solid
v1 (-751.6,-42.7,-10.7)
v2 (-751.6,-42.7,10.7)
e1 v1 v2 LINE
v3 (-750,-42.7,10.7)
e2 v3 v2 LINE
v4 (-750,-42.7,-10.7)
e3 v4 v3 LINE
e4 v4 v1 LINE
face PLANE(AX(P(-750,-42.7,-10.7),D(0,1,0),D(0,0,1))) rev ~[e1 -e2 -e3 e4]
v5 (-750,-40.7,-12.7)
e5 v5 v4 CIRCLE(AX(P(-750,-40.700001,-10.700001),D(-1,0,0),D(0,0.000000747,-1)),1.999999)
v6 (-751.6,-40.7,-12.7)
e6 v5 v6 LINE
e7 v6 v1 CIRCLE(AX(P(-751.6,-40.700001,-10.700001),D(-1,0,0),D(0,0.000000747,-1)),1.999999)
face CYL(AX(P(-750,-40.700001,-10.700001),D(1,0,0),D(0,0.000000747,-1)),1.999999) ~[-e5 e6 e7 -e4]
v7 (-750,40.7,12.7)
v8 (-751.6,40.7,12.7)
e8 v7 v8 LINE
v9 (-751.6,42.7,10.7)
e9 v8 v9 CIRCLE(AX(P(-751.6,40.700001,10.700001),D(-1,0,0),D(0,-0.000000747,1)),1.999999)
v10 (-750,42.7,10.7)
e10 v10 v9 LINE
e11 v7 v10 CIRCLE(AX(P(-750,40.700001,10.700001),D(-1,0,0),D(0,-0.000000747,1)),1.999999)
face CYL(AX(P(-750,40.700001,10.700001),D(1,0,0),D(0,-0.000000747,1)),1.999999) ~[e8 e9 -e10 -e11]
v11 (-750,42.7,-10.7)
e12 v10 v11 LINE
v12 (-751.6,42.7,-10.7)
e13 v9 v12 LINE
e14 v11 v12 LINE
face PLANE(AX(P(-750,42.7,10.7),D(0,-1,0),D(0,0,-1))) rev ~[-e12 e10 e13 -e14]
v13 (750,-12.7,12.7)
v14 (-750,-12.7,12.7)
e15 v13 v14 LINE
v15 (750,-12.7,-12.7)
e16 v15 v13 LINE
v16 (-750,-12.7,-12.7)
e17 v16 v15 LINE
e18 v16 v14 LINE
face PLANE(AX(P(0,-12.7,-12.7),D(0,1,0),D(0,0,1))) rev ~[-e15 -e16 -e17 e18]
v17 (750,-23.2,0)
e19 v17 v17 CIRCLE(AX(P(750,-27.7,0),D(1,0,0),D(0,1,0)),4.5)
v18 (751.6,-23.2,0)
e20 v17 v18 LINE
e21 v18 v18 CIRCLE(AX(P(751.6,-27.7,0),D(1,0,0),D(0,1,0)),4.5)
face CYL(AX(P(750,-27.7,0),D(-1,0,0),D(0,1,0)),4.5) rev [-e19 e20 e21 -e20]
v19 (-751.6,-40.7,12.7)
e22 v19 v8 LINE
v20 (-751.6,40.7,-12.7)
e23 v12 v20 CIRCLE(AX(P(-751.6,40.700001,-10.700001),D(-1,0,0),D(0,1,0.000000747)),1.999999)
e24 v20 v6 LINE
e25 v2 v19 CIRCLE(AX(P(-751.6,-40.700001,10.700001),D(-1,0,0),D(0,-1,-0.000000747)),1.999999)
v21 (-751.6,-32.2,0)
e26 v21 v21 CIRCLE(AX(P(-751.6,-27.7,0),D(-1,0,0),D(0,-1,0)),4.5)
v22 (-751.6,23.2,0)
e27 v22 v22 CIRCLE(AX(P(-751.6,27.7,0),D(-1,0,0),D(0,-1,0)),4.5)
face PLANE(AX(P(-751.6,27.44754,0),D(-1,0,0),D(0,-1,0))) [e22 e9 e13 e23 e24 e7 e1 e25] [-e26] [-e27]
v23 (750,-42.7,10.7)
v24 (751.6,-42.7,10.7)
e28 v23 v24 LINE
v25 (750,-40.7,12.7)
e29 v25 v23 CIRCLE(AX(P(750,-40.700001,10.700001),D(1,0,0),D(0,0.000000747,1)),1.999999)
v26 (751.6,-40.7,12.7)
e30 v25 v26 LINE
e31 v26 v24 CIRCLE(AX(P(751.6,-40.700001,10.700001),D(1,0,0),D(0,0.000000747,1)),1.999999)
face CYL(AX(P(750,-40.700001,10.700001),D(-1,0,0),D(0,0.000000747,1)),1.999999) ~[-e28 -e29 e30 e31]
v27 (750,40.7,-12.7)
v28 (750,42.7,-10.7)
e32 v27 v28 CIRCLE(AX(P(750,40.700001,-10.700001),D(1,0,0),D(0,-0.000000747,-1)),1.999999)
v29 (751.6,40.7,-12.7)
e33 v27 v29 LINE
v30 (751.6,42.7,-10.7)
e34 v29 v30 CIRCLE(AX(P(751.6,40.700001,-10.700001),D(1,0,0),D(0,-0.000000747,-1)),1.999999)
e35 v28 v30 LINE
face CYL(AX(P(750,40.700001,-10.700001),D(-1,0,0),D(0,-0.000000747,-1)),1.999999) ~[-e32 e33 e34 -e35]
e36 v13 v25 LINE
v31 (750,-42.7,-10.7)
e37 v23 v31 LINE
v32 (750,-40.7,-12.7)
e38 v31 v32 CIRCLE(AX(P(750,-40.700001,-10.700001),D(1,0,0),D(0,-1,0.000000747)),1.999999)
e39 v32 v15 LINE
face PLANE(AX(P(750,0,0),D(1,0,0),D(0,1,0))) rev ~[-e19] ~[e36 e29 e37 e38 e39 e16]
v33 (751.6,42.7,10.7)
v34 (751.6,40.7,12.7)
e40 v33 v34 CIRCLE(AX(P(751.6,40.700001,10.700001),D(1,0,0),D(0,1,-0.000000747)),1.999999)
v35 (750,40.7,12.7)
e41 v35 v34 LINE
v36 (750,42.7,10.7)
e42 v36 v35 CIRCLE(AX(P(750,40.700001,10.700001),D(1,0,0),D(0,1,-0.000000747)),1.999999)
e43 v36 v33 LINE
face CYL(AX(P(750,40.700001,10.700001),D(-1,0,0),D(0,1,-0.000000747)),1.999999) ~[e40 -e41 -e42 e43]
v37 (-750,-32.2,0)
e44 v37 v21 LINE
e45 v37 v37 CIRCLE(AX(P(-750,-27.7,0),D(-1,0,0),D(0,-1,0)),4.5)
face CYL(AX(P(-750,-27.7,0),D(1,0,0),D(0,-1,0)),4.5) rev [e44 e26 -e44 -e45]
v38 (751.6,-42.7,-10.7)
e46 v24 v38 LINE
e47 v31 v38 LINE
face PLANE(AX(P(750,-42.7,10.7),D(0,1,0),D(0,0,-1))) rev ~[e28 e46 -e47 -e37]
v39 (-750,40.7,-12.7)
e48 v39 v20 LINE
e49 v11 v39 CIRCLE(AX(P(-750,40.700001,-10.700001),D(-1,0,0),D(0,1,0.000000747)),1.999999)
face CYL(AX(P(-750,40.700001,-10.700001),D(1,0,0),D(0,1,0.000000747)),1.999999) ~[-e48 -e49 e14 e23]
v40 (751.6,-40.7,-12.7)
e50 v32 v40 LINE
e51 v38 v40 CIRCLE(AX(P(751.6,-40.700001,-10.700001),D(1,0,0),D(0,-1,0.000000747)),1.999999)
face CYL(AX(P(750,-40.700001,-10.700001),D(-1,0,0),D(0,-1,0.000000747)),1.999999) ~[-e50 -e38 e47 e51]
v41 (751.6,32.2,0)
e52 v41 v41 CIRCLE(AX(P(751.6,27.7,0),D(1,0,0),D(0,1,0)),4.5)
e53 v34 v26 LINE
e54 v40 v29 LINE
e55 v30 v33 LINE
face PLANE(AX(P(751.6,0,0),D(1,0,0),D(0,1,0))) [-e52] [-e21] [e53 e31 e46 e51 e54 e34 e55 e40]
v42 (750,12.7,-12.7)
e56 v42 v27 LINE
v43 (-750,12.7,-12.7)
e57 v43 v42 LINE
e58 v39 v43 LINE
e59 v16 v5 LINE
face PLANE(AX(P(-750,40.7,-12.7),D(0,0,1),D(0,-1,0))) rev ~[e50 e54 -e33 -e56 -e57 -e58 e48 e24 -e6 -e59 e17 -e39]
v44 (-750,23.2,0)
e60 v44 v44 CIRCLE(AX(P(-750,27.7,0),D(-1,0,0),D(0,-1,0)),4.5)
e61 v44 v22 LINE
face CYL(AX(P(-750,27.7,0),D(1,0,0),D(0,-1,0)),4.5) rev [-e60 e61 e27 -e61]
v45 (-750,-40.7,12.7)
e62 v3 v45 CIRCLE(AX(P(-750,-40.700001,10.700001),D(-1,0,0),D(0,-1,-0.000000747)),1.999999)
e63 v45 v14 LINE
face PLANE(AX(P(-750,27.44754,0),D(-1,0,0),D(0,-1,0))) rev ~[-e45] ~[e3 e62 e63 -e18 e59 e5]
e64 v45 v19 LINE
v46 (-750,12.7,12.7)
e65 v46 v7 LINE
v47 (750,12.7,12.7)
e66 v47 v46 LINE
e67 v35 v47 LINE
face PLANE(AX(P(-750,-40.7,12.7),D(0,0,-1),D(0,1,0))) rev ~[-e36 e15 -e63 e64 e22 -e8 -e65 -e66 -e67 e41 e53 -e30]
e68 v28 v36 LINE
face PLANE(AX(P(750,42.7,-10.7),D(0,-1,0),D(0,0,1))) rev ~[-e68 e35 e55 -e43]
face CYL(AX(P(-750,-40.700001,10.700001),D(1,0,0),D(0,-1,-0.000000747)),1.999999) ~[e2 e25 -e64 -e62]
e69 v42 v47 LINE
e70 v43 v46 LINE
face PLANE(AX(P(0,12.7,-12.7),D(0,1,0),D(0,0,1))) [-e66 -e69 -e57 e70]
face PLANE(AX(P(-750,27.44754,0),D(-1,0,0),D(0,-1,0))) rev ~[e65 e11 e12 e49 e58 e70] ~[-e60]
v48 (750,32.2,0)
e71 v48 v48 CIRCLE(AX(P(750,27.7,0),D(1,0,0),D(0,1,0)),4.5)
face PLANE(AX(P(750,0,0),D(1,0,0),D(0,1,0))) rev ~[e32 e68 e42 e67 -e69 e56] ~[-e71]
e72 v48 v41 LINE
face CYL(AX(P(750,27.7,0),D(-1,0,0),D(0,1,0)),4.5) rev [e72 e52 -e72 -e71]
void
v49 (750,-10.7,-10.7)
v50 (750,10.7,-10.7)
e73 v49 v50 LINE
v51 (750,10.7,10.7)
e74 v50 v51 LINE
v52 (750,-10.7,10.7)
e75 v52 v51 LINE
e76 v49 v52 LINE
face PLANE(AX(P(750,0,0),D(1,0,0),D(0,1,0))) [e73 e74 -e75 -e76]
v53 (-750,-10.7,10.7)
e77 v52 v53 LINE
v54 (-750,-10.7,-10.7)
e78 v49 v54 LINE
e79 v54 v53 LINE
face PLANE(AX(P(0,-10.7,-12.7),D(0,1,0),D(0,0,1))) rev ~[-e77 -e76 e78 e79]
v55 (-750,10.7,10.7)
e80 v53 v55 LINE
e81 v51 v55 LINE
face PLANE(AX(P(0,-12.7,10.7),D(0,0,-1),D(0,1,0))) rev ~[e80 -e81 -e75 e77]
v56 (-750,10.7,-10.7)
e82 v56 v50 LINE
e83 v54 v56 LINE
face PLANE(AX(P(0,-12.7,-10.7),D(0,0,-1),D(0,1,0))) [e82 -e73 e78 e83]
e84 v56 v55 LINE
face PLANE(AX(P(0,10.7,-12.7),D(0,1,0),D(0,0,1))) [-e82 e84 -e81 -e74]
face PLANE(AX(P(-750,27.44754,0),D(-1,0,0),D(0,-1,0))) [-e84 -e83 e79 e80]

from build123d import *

# Parameters (mm, degrees)
F0_W     = 25.4
F0_H     = 25.4
F1_DEPTH = 750
F2_T     = -2
F3_R     = 4.5
F4_DEPTH = 1.6
F5_R     = 4.5
F6_DEPTH = 1.6


with BuildPart() as f1:
    # F0 (on Right) → F1 (new body, symmetric)
    with BuildSketch(Plane.YZ):
        Rectangle(F0_W, F0_H)
    extrude(amount=F1_DEPTH, both=True)

    # F2
    f2_openings = [f1.faces().sort_by_distance(p)[0] for p in [
        (750, 0, 0),
        (-750, 0, 0),
    ]]
    offset(amount=F2_T, openings=f2_openings)

    # F3 (on face) → F4 (join)
    with BuildSketch(Plane.YZ.offset(750)):
        with BuildLine():
            ThreePointArc((42.7, 10.7), (42.114214, 12.114214), (40.7, 12.7))
            Line((40.7, 12.7), (-40.7, 12.7))
            ThreePointArc((-40.7, 12.7), (-42.114214, 12.114214), (-42.7, 10.7))
            Line((-42.7, 10.7), (-42.7, -10.7))
            ThreePointArc((-42.7, -10.7), (-42.114214, -12.114214), (-40.7, -12.7))
            Line((-40.7, -12.7), (40.7, -12.7))
            ThreePointArc((40.7, -12.7), (42.114214, -12.114214), (42.7, -10.7))
            Line((42.7, -10.7), (42.7, 10.7))
        make_face()
        with Locations((-27.7, 0)):
            Circle(F3_R, mode=Mode.SUBTRACT)
        with Locations((27.7, 0)):
            Circle(F3_R, mode=Mode.SUBTRACT)
    extrude(amount=F4_DEPTH)

    # F5 (on face) → F6 (join)
    with BuildSketch(Plane(origin=(-750, 0, 0), x_dir=(0, -1, 0), z_dir=(-1, 0, 0))):
        with BuildLine():
            Line((-12.7, 12.7), (-40.7, 12.7))
            ThreePointArc((-40.7, 12.7), (-42.114214, 12.114214), (-42.7, 10.7))
            Line((-42.7, 10.7), (-42.7, -10.7))
            ThreePointArc((-42.7, -10.7), (-42.114214, -12.114214), (-40.7, -12.7))
            Line((-40.7, -12.7), (-12.7, -12.7))
            Line((-12.7, -12.7), (-12.7, 12.7))
        make_face()
        with Locations((-27.7, 0)):
            Circle(F5_R, mode=Mode.SUBTRACT)
        with BuildLine():
            Line((12.7, 12.7), (-12.7, 12.7))
            Line((-12.7, 12.7), (-12.7, -12.7))
            Line((-12.7, -12.7), (12.7, -12.7))
            Line((12.7, -12.7), (40.7, -12.7))
            ThreePointArc((40.7, -12.7), (42.114214, -12.114214), (42.7, -10.7))
            Line((42.7, -10.7), (42.7, 10.7))
            ThreePointArc((42.7, 10.7), (42.114214, 12.114214), (40.7, 12.7))
            Line((40.7, 12.7), (12.7, 12.7))
        make_face()
        with Locations((27.7, 0)):
            Circle(F5_R, mode=Mode.SUBTRACT)
    extrude(amount=F6_DEPTH)


solid = f1.part
